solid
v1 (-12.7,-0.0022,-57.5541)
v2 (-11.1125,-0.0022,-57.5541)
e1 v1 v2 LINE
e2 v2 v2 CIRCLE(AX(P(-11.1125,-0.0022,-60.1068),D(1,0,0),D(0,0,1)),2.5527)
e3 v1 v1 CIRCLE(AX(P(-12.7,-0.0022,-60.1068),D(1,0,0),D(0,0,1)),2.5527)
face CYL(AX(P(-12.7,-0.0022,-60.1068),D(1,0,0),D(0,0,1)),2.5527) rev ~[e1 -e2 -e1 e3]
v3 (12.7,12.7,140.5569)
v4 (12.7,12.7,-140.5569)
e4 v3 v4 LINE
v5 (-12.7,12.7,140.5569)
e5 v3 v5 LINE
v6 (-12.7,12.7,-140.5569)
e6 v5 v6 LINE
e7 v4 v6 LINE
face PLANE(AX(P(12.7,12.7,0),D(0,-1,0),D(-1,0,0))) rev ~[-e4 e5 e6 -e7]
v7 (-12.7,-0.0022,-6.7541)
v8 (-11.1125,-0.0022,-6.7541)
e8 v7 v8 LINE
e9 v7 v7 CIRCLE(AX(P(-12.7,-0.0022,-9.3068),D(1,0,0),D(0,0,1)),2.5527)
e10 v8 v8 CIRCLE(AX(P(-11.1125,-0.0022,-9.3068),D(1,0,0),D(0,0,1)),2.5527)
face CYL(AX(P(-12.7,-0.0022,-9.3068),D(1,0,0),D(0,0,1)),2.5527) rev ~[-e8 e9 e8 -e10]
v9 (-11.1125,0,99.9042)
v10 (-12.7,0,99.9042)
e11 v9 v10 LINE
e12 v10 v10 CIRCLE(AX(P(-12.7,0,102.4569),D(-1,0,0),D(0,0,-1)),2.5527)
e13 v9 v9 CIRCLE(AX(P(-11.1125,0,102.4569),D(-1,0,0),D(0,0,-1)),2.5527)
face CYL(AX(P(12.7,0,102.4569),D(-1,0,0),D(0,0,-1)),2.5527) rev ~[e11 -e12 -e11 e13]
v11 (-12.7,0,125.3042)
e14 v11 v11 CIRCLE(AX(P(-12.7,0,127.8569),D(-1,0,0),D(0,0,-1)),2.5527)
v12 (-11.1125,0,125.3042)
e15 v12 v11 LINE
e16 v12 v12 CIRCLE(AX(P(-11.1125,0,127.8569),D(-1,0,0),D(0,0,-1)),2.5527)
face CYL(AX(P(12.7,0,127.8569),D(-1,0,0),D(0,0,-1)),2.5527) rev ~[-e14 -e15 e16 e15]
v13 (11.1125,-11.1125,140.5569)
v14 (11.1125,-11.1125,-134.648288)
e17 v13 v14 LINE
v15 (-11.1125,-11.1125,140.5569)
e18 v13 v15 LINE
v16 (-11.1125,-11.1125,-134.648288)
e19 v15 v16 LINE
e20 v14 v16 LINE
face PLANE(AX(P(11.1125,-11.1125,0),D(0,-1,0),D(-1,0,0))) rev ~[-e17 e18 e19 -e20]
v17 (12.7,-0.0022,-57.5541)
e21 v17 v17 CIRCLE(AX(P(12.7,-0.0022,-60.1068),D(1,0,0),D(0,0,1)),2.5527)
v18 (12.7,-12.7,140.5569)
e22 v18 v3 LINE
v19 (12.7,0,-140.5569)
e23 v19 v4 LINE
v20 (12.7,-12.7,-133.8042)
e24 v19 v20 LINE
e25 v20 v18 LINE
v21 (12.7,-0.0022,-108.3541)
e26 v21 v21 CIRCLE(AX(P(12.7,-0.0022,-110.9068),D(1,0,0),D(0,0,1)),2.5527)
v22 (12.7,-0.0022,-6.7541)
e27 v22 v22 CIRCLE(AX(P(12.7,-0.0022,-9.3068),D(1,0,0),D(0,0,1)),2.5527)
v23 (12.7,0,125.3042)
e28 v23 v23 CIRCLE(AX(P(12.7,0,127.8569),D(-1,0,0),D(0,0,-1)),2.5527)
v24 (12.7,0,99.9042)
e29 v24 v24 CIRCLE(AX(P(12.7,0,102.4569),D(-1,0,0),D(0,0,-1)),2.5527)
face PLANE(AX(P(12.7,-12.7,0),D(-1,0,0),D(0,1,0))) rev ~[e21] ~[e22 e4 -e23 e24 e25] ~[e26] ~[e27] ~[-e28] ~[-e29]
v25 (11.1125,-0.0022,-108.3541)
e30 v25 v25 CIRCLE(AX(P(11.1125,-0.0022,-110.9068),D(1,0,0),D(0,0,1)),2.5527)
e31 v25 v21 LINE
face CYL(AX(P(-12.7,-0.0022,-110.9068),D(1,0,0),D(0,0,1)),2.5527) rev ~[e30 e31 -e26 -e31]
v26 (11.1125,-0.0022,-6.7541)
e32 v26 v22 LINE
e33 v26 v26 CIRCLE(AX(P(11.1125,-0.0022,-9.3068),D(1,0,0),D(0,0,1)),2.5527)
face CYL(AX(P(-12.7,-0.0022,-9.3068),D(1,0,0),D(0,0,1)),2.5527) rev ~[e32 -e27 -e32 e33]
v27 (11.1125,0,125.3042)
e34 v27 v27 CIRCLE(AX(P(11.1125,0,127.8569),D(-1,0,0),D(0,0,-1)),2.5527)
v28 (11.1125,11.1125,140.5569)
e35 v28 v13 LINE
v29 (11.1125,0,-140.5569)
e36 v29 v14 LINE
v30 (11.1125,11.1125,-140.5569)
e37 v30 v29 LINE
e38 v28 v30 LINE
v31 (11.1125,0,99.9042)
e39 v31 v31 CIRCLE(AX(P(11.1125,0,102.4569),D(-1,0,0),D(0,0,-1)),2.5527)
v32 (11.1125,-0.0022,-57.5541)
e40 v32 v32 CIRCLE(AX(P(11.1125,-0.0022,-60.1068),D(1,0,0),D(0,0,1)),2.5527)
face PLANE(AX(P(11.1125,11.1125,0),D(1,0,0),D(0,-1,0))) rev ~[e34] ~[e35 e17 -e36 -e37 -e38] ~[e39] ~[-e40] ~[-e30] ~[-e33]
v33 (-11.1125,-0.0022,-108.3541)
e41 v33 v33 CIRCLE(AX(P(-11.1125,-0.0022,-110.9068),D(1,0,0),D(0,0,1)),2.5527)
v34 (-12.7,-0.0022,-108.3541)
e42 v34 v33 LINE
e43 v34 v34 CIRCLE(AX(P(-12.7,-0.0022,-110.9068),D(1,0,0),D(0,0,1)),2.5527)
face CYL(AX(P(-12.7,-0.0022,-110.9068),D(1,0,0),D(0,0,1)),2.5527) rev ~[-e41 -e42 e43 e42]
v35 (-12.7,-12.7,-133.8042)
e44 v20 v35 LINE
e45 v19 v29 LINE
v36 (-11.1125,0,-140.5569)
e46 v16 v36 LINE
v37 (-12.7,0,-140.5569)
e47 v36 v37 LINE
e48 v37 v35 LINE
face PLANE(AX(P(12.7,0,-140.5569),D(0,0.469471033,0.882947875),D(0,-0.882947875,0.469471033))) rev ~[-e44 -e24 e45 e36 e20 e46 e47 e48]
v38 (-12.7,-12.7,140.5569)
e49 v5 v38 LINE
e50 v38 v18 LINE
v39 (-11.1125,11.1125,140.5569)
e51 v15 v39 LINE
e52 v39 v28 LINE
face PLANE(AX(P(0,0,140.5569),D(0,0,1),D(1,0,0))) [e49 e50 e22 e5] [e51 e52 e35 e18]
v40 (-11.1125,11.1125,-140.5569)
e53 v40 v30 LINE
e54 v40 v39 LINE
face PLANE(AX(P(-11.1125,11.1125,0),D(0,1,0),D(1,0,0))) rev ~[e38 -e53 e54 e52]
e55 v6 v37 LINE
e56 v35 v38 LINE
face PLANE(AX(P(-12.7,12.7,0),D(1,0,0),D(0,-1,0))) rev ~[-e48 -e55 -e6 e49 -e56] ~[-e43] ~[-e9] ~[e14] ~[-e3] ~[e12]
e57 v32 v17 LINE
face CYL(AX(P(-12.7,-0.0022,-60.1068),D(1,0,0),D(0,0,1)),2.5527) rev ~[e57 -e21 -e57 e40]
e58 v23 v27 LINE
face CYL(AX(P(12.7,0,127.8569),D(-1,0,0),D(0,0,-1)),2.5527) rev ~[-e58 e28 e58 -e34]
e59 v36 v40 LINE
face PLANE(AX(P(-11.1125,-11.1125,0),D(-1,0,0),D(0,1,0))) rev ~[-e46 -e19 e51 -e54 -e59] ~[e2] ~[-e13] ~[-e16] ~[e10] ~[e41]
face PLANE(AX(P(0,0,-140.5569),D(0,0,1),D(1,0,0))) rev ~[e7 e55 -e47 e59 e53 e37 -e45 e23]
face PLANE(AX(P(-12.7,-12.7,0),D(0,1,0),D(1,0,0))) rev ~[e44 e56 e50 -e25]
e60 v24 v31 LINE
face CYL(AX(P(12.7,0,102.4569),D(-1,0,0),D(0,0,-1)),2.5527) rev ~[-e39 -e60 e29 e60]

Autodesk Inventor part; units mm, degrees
ref_plane "YZ Plane" through (0, 0, 0) normal (1, 0, 0) x (0, 1, 0)
ref_plane "XZ Plane" through (0, 0, 0) normal (0, 1, 0) x (-1, 0, 0)
ref_plane "XY Plane" through (0, 0, 0) normal (0, 0, 1) x (1, 0, 0)
sketch "Sketch1" plane through (0, 0, 0) normal (0, 0, 1) x (1, 0, 0)
  line L0 (-12.7, -12.7) -> (12.7, -12.7)
  line L1 (12.7, -12.7) -> (12.7, 12.7)
  line L2 (12.7, 12.7) -> (-12.7, 12.7)
  line L3 (-12.7, 12.7) -> (-12.7, -12.7)
  line L4 (-12.7, -12.7) -> (12.7, 12.7) construction
  line L5 (12.7, -12.7) -> (-12.7, 12.7) construction
  line L6 (-11.1125, 11.1125) -> (11.1125, 11.1125)
  line L7 (11.1125, 11.1125) -> (11.1125, -11.1125)
  line L8 (11.1125, -11.1125) -> (-11.1125, -11.1125)
  line L9 (-11.1125, -11.1125) -> (-11.1125, 11.1125)
  point P0 (0, 0)
  dimension "width" = 25.4
  dimension "height" = 25.4
  dimension "thickness" = 1.5875
extrude "Extrusion1" add sketch "Sketch1" along normal mid plane 281.1138
sketch "Sketch2" plane through (12.7, -12.7, 140.5569) normal (1, 0, 0) x (0, 0, -1)
  line L0 (281.1138, 25.4) -> (281.1138, 0) construction
  line L1 (281.1138, 0) -> (0, 0) construction
  line L2 (0, 0) -> (0, 25.4) construction
  line L3 (0, 25.4) -> (281.1138, 25.4) construction
  point P0 (140.5569, 12.7)
  point P1 (12.7, 12.7)
  point P2 (38.1, 12.7)
  point P3 (0, 12.7)
  dimension "d5" = 25.4
  dimension "d6" = 12.7
hole "Hole1" at (12.7, 0, 127.8569) at (12.7, 0, 102.4569) direction (-1, 0, 0) diameter 5.1054 end through all clearance for "Flat Head Machine Screw (82)" size "#10" standard "Ansi Unified Screw Threads"
sketch "Sketch3" plane through (12.7, -12.7, 140.5569) normal (1, 0, 0) x (0, 0, -1)
  circle A0 centre (12.7, 12.7) radius 2.5527 construction
  circle A1 centre (38.1, 12.7) radius 2.5527 construction
  line L0 (281.1138, 25.4) -> (0, 25.4) construction
  line L1 (0, 0) -> (0, 25.4) construction
  line L2 (281.1138, 0) -> (0, 0) construction
  line L3 (281.1138, 25.4) -> (281.1138, 0) construction
  line L4 (281.1138, 25.4) -> (0, 25.4) construction
  line L5 (281.1138, 25.4) -> (281.1138, 0) construction
  line L6 (274.3611, 0) -> (281.1138, 0)
  line L7 (281.1138, 0) -> (281.1138, 12.7)
  line L8 (281.1138, 12.7) -> (274.3611, 0)
  point P0 (140.5569, 12.7)
  dimension "d14" = 28
extrude "Extrusion2" cut sketch "Sketch3" against normal through all
sketch "Sketch4" plane through (-12.7, -12.7, 140.5569) normal (-1, 0, 0) x (0, 0, 1)
  line L0 (-281.1138, 12.7) -> (-281.1138, 25.4) construction
  line L1 (-281.1138, 25.4) -> (0, 25.4) construction
  point P0 (-140.5569, 12.7)
  point P1 (-251.4637, 12.6978)
  point P2 (-200.6637, 12.6978)
  point P3 (-149.8637, 12.6978)
  point P4 (-281.1138, 19.05)
  dimension "d19" = 50.8
  dimension "d20" = 50.8
  dimension "d21" = 29.6501
  dimension "d22" = 12.7022
hole "Hole2" at (-12.7, -0.0022, -110.9068) at (-12.7, -0.0022, -60.1068) at (-12.7, -0.0022, -9.3068) direction (1, 0, 0) diameter 5.1054 end through all clearance for "Flat Head Machine Screw (82)" size "#10" standard "Ansi Unified Screw Threads"
equation "\"d20\" = d19"
properties part number "CL4-007" material "Aluminum 6061"
